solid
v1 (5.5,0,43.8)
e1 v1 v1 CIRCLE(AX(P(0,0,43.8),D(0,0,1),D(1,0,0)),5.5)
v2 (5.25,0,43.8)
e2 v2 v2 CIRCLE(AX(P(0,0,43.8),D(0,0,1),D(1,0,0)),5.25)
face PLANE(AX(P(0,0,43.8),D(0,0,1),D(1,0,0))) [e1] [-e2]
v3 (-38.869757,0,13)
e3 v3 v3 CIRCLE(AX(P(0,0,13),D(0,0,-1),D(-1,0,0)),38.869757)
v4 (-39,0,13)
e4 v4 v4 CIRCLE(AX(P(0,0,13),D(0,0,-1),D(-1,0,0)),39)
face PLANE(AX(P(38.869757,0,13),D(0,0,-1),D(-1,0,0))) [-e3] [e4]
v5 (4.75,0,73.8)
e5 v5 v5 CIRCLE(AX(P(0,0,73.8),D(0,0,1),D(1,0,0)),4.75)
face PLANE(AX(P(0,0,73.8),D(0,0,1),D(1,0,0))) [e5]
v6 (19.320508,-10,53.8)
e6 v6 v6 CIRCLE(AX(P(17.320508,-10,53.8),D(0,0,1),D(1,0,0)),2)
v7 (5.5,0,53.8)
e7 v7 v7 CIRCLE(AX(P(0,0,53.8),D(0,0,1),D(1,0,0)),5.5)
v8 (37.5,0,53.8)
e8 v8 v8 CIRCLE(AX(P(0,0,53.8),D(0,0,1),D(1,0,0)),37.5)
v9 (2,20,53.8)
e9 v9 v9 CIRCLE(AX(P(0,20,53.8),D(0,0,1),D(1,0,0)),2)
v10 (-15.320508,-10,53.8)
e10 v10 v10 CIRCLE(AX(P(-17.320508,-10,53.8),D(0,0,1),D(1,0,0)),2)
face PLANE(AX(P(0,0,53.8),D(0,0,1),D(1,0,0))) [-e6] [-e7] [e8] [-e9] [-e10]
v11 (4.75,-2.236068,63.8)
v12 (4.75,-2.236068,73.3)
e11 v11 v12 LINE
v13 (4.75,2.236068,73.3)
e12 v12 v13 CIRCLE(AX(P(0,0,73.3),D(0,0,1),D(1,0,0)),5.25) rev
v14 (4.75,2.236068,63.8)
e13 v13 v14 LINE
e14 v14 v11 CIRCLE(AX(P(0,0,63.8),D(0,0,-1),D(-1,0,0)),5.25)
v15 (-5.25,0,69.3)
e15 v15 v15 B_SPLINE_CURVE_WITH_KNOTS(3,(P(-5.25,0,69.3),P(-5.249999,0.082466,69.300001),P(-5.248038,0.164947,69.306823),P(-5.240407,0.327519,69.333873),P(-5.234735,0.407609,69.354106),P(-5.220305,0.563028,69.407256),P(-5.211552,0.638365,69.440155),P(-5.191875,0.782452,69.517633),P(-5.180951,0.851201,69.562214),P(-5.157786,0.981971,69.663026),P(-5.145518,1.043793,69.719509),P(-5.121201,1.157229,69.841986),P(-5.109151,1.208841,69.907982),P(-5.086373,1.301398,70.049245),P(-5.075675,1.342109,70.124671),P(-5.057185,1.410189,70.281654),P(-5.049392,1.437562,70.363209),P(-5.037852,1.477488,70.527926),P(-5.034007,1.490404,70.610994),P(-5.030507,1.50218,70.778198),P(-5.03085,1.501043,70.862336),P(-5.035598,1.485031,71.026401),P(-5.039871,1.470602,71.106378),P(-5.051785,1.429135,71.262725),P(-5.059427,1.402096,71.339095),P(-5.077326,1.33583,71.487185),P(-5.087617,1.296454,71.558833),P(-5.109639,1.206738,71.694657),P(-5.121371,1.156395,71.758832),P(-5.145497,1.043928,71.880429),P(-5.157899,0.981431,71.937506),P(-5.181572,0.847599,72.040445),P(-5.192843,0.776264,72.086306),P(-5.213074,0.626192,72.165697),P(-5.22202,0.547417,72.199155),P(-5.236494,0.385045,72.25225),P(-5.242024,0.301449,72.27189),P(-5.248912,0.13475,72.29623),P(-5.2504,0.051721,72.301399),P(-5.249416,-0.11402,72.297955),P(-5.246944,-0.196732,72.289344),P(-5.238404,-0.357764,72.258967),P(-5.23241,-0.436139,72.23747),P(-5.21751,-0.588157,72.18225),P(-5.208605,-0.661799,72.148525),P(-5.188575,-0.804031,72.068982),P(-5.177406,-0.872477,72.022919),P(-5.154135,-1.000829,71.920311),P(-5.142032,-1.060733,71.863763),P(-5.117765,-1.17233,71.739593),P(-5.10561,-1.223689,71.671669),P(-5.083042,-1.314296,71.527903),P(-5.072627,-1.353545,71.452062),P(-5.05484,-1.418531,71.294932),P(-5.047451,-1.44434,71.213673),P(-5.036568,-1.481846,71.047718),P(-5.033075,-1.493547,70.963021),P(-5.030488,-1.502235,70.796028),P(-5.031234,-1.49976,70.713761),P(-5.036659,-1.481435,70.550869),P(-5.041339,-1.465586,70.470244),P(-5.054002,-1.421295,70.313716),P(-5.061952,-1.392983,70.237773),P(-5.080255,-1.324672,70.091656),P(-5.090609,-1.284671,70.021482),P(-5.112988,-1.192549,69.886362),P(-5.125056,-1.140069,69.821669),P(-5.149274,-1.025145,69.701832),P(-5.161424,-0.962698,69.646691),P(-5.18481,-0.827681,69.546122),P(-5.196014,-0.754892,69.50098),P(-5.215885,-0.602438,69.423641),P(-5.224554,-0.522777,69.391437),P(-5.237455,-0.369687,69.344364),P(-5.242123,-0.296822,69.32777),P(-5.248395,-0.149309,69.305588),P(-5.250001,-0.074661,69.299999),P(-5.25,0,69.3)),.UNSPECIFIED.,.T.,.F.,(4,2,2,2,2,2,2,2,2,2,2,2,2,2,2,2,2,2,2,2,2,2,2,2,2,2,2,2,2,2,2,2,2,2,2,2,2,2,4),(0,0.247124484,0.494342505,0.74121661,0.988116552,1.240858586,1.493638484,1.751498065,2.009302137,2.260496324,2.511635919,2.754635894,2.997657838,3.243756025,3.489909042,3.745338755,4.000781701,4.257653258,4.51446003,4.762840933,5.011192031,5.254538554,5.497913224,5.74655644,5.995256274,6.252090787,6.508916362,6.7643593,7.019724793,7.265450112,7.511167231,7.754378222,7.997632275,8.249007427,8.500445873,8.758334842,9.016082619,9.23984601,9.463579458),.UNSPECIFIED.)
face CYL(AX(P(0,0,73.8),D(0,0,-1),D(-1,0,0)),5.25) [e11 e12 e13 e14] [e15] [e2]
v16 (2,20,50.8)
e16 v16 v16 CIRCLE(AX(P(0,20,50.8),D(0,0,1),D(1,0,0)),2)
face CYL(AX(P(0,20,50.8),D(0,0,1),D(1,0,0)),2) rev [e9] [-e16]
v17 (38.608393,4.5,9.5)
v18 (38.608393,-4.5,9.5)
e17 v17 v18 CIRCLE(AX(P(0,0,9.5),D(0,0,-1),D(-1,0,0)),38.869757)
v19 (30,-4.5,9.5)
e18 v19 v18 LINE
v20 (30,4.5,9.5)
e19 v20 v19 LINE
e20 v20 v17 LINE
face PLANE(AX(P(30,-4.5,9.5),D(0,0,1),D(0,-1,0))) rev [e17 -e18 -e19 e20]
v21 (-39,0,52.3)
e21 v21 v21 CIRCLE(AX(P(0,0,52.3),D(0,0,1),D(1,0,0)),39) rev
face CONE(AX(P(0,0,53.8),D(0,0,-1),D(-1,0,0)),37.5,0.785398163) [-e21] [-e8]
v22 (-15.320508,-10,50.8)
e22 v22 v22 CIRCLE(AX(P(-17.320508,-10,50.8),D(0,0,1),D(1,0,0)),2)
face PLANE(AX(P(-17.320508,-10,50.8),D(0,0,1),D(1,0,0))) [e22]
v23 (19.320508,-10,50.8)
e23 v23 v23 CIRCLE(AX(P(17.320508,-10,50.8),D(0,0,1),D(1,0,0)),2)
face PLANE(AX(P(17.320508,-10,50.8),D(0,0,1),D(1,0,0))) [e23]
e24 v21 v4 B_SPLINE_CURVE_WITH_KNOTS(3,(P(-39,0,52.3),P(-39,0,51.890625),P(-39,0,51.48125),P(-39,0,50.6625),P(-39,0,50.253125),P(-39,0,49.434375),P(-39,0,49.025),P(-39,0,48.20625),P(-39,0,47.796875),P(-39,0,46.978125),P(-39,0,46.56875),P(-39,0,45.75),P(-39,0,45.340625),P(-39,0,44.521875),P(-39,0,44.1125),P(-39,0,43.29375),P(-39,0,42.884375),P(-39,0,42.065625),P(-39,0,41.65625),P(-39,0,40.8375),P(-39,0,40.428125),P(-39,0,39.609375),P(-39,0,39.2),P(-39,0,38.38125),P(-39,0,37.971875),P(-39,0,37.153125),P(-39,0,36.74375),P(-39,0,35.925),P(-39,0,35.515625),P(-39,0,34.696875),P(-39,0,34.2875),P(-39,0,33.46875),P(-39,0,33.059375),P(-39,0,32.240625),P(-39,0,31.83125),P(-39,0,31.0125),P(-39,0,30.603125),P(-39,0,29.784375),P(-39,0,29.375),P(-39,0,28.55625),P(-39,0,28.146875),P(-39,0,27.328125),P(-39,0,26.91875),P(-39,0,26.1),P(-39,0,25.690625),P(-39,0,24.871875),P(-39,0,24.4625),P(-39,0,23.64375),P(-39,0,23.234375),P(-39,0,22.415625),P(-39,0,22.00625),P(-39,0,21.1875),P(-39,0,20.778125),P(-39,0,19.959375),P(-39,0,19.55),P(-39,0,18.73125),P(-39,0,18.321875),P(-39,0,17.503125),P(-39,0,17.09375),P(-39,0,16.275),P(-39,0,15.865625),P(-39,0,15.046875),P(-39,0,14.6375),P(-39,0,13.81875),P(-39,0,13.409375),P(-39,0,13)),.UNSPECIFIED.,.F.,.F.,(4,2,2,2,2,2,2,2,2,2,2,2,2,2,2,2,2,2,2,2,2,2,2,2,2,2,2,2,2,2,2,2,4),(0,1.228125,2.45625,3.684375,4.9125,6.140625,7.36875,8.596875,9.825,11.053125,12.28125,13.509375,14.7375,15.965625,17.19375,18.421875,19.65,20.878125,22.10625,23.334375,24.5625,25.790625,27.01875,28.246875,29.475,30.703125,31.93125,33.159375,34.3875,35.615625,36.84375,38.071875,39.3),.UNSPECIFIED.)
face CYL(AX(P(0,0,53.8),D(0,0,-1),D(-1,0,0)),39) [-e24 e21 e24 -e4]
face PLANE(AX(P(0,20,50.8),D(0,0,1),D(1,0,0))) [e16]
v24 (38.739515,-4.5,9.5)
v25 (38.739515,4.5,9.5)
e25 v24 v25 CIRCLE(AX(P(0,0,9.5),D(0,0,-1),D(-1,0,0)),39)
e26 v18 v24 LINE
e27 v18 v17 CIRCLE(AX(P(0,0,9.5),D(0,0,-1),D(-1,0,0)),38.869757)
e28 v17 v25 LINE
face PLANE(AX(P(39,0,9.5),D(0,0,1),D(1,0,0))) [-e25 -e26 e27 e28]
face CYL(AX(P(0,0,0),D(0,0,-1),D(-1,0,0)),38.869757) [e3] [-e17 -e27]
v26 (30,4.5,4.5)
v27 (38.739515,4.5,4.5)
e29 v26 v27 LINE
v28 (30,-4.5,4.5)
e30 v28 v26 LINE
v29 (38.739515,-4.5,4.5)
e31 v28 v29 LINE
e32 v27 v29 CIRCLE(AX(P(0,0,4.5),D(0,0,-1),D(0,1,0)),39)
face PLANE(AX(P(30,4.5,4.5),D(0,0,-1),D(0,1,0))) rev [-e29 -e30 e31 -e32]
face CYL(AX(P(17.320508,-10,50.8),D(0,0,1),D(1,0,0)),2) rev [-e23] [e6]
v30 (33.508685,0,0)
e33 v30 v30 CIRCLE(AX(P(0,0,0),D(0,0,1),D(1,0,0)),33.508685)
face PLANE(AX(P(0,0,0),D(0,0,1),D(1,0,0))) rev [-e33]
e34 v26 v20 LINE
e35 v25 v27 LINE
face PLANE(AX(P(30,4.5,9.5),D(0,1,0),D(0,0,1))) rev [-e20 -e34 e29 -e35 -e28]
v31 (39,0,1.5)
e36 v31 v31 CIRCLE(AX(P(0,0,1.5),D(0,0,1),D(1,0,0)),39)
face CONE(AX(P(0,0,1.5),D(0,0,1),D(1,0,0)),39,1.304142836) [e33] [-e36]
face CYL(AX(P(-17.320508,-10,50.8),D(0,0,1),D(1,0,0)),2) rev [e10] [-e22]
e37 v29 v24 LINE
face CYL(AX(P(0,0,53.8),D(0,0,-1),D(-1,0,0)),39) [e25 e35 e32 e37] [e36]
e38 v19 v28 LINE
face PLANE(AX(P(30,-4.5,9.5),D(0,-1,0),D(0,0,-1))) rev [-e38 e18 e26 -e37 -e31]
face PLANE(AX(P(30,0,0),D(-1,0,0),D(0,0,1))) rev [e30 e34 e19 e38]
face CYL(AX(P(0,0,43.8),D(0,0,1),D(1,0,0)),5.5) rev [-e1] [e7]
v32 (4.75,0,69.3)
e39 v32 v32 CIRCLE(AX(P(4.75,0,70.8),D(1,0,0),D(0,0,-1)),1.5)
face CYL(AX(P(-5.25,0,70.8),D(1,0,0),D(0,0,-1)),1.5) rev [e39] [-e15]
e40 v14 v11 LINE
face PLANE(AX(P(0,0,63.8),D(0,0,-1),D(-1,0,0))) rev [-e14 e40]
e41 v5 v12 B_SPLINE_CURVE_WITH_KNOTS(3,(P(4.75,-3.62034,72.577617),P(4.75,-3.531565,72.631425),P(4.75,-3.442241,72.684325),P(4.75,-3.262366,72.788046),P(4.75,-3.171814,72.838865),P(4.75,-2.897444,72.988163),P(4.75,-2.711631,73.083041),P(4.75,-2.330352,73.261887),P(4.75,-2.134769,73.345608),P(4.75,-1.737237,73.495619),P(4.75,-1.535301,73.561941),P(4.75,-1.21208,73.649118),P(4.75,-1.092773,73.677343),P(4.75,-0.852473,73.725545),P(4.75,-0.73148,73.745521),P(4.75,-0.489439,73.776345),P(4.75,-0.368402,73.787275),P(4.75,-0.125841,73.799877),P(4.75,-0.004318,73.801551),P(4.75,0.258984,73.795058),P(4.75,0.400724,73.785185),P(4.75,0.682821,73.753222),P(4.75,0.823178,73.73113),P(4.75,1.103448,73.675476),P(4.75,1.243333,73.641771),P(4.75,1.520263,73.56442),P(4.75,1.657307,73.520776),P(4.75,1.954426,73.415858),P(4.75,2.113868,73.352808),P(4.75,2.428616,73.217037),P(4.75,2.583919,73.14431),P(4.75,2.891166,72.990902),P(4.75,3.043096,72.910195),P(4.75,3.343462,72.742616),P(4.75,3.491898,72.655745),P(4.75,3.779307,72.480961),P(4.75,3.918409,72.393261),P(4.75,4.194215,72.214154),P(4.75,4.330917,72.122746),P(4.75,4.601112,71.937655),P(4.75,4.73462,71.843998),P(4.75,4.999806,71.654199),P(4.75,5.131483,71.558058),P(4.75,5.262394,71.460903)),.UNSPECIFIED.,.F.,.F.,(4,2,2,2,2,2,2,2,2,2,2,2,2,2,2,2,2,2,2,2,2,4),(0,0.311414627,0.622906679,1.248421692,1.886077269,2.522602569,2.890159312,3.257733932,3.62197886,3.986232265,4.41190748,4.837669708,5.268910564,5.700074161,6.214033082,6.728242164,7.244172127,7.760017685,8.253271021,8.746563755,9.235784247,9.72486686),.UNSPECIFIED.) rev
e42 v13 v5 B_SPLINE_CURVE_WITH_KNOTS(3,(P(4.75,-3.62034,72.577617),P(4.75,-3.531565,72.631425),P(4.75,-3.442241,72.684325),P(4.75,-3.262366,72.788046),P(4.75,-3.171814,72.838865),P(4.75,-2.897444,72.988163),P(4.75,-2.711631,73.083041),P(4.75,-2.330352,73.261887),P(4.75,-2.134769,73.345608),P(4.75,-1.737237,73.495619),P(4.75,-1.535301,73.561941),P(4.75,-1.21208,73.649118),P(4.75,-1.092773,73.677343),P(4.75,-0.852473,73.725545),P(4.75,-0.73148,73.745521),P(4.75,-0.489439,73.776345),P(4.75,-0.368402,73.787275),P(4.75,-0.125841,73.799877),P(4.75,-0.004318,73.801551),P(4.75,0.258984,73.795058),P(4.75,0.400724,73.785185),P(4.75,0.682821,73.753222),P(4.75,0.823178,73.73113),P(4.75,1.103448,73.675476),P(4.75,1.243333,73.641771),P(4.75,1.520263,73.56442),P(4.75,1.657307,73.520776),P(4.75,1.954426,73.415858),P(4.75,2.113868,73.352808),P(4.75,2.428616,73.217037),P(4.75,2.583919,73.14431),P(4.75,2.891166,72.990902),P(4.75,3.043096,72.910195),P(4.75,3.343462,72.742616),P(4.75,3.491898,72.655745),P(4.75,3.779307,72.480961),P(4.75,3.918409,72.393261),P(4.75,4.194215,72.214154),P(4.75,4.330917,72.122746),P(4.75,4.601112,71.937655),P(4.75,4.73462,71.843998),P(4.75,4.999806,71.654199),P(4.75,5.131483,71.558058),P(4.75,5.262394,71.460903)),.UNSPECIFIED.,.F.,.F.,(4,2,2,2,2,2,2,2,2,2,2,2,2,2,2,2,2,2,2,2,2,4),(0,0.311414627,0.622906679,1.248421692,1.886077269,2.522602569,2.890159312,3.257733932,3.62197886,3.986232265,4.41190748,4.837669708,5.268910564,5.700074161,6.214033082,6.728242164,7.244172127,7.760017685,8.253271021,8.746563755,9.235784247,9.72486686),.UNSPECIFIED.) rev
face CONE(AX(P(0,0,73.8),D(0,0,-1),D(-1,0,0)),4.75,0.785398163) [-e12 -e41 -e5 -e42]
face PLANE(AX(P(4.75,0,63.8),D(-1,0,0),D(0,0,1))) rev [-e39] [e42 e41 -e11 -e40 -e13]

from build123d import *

# Parameters (mm, degrees)
SKETCH_1_R          = 39
EXTRUDE_1_DEPTH     = 53.8
SKETCH_2_R          = 2
CUT_EXTRUDE_1_DEPTH = 3
SKETCH_3_R          = 5.25
EXTRUDE_2_DEPTH     = 20
CUT_EXTRUDE_START   = -10
SKETCH_4_R          = 5.5
SKETCH_4_R_2        = 5.25
CUT_EXTRUDE_2_DEPTH = 10
CHAMFER_1_SIZE      = 0.5
CUT_EXTRUDE_3_DEPTH = 10
CHAMFER_2_SIZE      = 1.5
SKETCH_7_W          = 5
SKETCH_7_H          = 9
CUT_EXTRUDE_4_DEPTH = 10
SKETCH_8_W          = 0.130242645
SKETCH_8_H          = 3.5
SKETCH_9_R          = 1.5
CUT_EXTRUDE_5_DEPTH = 10


with BuildPart() as part:
    # 草图1 → 凸台-拉伸1 (new body)
    with BuildSketch(Plane.XY):
        with Locations(Location((0, 0, 0), (0, 0, 180))):
            Circle(SKETCH_1_R)
    extrude(amount=EXTRUDE_1_DEPTH)

    # 草图2 → 切除-拉伸1 (cut)
    with BuildSketch(Plane.XY.offset(53.8)):
        with Locations((0, 20)):
            Circle(SKETCH_2_R)
        with Locations((17.320508076, -10)):
            Circle(SKETCH_2_R)
        with Locations((-17.320508076, -10)):
            Circle(SKETCH_2_R)
    extrude(amount=-CUT_EXTRUDE_1_DEPTH, mode=Mode.SUBTRACT)

    # 草图3 → 凸台-拉伸2 (add)
    with BuildSketch(Plane.XY.offset(53.8)):
        Circle(SKETCH_3_R)
    extrude(amount=EXTRUDE_2_DEPTH)

    # 草图4 → 切除-拉伸2 (cut)
    with BuildSketch(Plane.XY.offset(53.8).offset(CUT_EXTRUDE_START)):
        Circle(SKETCH_4_R)
        Circle(SKETCH_4_R_2, mode=Mode.SUBTRACT)
    extrude(amount=CUT_EXTRUDE_2_DEPTH, mode=Mode.SUBTRACT)

    # 倒角1
    chamfer_1_edges = [part.edges().sort_by_distance(p)[0] for p in [
        (-5.25, 0, 73.8),
    ]]
    chamfer(chamfer_1_edges, length=CHAMFER_1_SIZE)

    # 草图5 → 切除-拉伸3 (cut)
    with BuildSketch(Plane.XY.offset(73.8)):
        Polygon((4.75, 0), (4.75, 11.306536843), (10.594936623, 11.306536843), (10.594936623, -9.408936254), (4.75, -9.408936254), align=None)
    extrude(amount=-CUT_EXTRUDE_3_DEPTH, mode=Mode.SUBTRACT)

    # 倒角2
    chamfer_2_edges = [part.edges().sort_by_distance(p)[0] for p in [
        (39, 0, 53.8),
    ]]
    chamfer(chamfer_2_edges, length=CHAMFER_2_SIZE)

    # 草图6 → 切除-旋转1 (revolve, cut)
    with BuildSketch(Plane(origin=(0, 0, 0), x_dir=(1, 0, 0), z_dir=(0, 1, 0)), mode=Mode.PRIVATE) as cut_revolve_1_sk:
        Polygon((-39, 0), (-39, -1.5), (-33.508685112, 0), align=None)
    revolve(cut_revolve_1_sk.sketch.rotate(Axis((0, 0, 0), (0, 0, -1)), 154.791234703), axis=Axis((0, 0, 0), (0, 0, -1)), mode=Mode.SUBTRACT)

    # 草图7 → 切除-拉伸4 (cut)
    with BuildSketch(Plane(origin=(40, 0, 0), x_dir=(0, 0, -1), z_dir=(1, 0, 0))):
        with Locations((-7, 0)):
            Rectangle(SKETCH_7_W, SKETCH_7_H)
    extrude(amount=-CUT_EXTRUDE_4_DEPTH, mode=Mode.SUBTRACT)

    # 草图8 → 切除-旋转2 (revolve, cut)
    with BuildSketch(Plane(origin=(0, 0, 0), x_dir=(1, 0, 0), z_dir=(0, 1, 0)), mode=Mode.PRIVATE) as cut_revolve_2_sk:
        with Locations((38.934878678, -11.25)):
            Rectangle(SKETCH_8_W, SKETCH_8_H)
    revolve(cut_revolve_2_sk.sketch.rotate(Axis((0, 0, 0), (0, 0, 1)), 25.208765297), axis=Axis((0, 0, 0), (0, 0, 1)), mode=Mode.SUBTRACT)

    # 草图9 → 切除-拉伸5 (cut)
    with BuildSketch(Plane(origin=(4.75, 0, 0), x_dir=(0, 0, -1), z_dir=(1, 0, 0))):
        with Locations((-70.8, 0)):
            Circle(SKETCH_9_R)
    extrude(amount=-CUT_EXTRUDE_5_DEPTH, mode=Mode.SUBTRACT)


solid = part.part
